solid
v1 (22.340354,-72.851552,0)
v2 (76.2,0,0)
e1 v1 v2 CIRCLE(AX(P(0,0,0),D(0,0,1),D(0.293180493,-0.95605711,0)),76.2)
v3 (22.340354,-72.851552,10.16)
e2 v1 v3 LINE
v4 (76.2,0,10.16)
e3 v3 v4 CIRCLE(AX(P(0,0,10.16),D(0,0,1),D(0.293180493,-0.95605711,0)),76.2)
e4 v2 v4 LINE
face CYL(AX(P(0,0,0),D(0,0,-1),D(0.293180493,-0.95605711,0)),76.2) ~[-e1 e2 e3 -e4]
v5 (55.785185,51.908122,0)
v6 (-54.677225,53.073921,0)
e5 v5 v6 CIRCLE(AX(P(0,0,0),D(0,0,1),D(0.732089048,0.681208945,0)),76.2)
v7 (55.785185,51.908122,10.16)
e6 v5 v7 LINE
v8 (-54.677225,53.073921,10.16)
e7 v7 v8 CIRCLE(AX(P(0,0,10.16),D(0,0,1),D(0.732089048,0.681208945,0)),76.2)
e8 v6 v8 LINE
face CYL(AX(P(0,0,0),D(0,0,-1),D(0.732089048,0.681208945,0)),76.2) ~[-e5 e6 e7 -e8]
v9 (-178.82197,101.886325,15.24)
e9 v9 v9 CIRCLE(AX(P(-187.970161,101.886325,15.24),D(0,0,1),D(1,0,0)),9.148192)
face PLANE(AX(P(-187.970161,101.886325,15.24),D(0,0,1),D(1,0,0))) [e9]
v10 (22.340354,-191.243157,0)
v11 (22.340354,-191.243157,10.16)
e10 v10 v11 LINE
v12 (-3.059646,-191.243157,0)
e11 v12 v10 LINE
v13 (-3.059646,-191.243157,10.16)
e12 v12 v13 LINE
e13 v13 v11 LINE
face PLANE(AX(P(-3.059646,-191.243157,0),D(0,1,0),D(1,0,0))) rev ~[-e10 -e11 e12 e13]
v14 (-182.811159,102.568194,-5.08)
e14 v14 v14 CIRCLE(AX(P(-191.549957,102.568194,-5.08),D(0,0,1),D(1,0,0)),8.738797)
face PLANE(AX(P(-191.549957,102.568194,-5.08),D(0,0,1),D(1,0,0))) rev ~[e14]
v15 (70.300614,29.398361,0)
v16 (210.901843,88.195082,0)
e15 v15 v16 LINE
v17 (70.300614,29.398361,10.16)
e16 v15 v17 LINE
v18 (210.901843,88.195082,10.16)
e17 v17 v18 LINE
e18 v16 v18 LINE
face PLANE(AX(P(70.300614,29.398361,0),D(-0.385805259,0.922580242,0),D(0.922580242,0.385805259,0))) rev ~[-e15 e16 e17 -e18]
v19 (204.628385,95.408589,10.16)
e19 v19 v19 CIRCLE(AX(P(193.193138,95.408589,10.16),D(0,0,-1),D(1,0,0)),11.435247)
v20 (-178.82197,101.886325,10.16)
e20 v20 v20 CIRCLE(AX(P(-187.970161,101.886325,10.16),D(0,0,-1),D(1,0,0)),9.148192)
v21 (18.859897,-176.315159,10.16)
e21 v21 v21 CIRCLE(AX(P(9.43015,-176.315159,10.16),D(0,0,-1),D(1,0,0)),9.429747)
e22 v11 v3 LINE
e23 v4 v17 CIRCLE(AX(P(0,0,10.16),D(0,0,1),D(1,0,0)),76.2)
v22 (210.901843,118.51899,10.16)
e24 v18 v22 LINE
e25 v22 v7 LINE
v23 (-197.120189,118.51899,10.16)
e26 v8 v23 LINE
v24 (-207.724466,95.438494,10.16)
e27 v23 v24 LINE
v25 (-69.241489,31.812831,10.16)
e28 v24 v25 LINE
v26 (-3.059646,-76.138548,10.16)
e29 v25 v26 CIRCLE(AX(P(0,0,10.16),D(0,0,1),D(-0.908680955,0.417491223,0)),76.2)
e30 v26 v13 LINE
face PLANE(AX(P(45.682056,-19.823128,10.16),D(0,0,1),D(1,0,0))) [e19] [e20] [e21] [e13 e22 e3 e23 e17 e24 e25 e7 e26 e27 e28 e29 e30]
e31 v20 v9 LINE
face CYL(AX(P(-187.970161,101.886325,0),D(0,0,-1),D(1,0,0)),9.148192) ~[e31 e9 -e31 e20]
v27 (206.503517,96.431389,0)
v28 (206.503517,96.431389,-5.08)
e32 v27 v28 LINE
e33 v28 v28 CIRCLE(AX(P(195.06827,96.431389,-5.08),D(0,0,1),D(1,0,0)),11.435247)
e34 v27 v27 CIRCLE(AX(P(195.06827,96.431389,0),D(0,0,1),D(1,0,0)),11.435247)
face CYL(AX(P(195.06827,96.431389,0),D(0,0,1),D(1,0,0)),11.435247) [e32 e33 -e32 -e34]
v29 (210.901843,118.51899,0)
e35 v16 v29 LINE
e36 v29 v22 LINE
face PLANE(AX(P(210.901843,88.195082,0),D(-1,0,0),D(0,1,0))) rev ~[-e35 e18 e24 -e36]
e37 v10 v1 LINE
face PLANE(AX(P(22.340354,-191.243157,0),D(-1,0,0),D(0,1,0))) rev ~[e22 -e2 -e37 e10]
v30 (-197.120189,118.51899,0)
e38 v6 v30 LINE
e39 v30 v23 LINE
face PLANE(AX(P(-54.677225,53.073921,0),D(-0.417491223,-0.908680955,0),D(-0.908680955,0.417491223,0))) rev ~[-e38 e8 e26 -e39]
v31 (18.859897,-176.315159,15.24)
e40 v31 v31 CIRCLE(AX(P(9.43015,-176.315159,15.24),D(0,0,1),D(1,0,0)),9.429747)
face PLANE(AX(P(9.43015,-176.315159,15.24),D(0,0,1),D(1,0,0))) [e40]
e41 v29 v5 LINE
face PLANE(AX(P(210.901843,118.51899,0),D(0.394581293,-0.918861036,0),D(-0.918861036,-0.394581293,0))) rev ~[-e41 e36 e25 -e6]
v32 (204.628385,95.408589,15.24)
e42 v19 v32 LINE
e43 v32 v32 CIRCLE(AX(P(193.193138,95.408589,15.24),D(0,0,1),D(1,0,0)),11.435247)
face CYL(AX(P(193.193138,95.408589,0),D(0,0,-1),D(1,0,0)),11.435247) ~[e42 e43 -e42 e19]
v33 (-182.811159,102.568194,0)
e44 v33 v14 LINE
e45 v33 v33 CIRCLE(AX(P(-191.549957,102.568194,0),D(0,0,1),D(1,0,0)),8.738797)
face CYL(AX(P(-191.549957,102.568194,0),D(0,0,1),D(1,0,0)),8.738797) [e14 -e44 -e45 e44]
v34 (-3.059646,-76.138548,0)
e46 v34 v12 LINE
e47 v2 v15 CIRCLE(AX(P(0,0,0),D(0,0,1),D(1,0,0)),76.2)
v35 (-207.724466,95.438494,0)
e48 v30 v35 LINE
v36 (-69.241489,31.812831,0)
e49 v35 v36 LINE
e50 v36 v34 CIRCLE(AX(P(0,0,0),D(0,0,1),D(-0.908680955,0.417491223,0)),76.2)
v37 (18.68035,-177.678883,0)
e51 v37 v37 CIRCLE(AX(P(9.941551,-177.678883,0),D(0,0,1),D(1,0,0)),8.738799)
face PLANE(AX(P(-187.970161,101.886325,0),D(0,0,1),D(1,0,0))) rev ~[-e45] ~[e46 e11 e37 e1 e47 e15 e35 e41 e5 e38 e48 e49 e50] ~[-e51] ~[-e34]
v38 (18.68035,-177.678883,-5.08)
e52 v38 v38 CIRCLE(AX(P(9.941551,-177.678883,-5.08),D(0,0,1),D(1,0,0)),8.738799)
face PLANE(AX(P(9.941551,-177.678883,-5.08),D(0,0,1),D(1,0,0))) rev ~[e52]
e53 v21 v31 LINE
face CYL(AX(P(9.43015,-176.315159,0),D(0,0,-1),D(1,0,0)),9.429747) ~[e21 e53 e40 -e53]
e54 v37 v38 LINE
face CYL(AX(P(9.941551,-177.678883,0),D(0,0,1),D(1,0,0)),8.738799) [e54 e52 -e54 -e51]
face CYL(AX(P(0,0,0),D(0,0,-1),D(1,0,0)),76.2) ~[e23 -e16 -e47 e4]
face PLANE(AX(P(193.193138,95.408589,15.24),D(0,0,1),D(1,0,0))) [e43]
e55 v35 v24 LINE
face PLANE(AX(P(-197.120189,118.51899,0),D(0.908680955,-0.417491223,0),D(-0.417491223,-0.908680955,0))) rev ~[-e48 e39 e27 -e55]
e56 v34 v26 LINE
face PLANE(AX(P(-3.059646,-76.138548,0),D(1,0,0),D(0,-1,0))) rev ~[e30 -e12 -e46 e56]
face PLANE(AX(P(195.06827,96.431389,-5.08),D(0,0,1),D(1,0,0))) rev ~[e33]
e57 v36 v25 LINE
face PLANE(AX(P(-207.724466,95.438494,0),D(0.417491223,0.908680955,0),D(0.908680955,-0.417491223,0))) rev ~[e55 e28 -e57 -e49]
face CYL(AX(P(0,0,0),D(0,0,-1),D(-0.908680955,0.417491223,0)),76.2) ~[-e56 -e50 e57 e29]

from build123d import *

# Parameters (mm, degrees)
F2_DEPTH = 10.16
F1_R     = 9.1481918334
F1_R_2   = 9.4297469702
F1_R_3   = 11.4352472888
F3_DEPTH = 15.24
F4_R     = 8.7387989597
F4_R_2   = 8.7387973247
F4_R_3   = 11.4352472888
F5_DEPTH = 5.08


with BuildPart() as f2:
    # F0 (on Top) → F2 (new body)
    with BuildSketch(Plane.XY):
        with BuildLine():
            ThreePointArc((22.3403535783, -72.851551816), (61.2730566508, -45.2995864072), (76.2, 0))
            ThreePointArc((76.2, 0), (74.7105977036, 14.9922176738), (70.3006144153, 29.3983607168))
            Line((70.3006144153, 29.3983607168), (22.3403535783, 9.3423048788))
            Line((22.3403535783, 9.3423048788), (22.3403535783, -72.851551816))
        make_face()
        with BuildLine():
            Line((22.3403535783, 9.3423048788), (70.3006144153, 29.3983607168))
            ThreePointArc((70.3006144153, 29.3983607168), (64.0396717964, 41.2960099309), (55.785185421, 51.9081215952))
            Line((55.785185421, 51.9081215952), (21.8996389933, 37.3568432093))
            Line((21.8996389933, 37.3568432093), (22.3403535783, 37.3568432093))
            Line((22.3403535783, 37.3568432093), (22.3403535783, 9.3423048788))
        make_face()
        with BuildLine():
            ThreePointArc((55.785185421, 51.9081215952), (64.0396717964, 41.2960099309), (70.3006144153, 29.3983607168))
            Line((70.3006144153, 29.3983607168), (210.9018432458, 88.1950821504))
            Line((210.9018432458, 88.1950821504), (210.9018432458, 118.5189898936))
            Line((210.9018432458, 118.5189898936), (55.785185421, 51.9081215952))
        make_face()
        with BuildLine():
            Line((22.3403535783, -191.2431567907), (22.3403535783, -72.851551816))
            ThreePointArc((22.3403535783, -72.851551816), (9.7794429224, -75.5698517673), (-3.0596464217, -76.1385484743))
            Line((-3.0596464217, -76.1385484743), (-3.0596464217, -191.2431567907))
            Line((-3.0596464217, -191.2431567907), (22.3403535783, -191.2431567907))
        make_face()
        with BuildLine():
            ThreePointArc((-3.0596464217, -76.1385484743), (9.7794429224, -75.5698517673), (22.3403535783, -72.851551816))
            Line((22.3403535783, -72.851551816), (22.3403535783, 9.3423048788))
            Line((22.3403535783, 9.3423048788), (0, 0))
            Line((0, 0), (-3.0596464217, 1.4057470004))
            Line((-3.0596464217, 1.4057470004), (-3.0596464217, -76.1385484743))
        make_face()
        with BuildLine():
            Line((21.8996389933, 37.3568432093), (55.785185421, 51.9081215952))
            ThreePointArc((55.785185421, 51.9081215952), (0.8041557349, 76.1957566637), (-54.6772246178, 53.0739211675))
            Line((-54.6772246178, 53.0739211675), (-3.0596464217, 29.3583522044))
            Line((-3.0596464217, 29.3583522044), (-3.0596464217, 37.3568432093))
            Line((-3.0596464217, 37.3568432093), (21.8996389933, 37.3568432093))
        make_face()
        with BuildLine():
            ThreePointArc((-69.2414887941, 31.8128312096), (-64.9633637698, -39.8271436047), (-3.0596464217, -76.1385484743))
            Line((-3.0596464217, -76.1385484743), (-3.0596464217, 1.4057470004))
            Line((-3.0596464217, 1.4057470004), (-69.2414887941, 31.8128312096))
        make_face()
        with BuildLine():
            Line((-3.0596464217, 29.3583522044), (-54.6772246178, 53.0739211675))
            ThreePointArc((-54.6772246178, 53.0739211675), (-62.8646989173, 43.0635533837), (-69.2414887941, 31.8128312096))
            Line((-69.2414887941, 31.8128312096), (-3.0596464217, 1.4057470004))
            Line((-3.0596464217, 1.4057470004), (-3.0596464217, 29.3583522044))
        make_face()
        with BuildLine():
            ThreePointArc((-69.2414887941, 31.8128312096), (-62.8646989173, 43.0635533837), (-54.6772246178, 53.0739211675))
            Line((-54.6772246178, 53.0739211675), (-197.1201893125, 118.5189898936))
            Line((-197.1201893125, 118.5189898936), (-207.7244663824, 95.4384936289))
            Line((-207.7244663824, 95.4384936289), (-69.2414887941, 31.8128312096))
        make_face()
        Polygon((0, 0), (22.3403535783, 9.3423048788), (22.3403535783, 37.3568432093), (21.8996389933, 37.3568432093), (0, 27.952605204), (-3.0596464217, 29.3583522044), (-3.0596464217, 1.4057470004), align=None)
        Polygon((0, 27.952605204), (21.8996389933, 37.3568432093), (-3.0596464217, 37.3568432093), (-3.0596464217, 29.3583522044), align=None)
    extrude(amount=F2_DEPTH)

    # F1 (on Top) → F3 (join)
    with BuildSketch(Plane.XY):
        with Locations((-187.970161438, 101.8863245845)):
            Circle(F1_R)
        with Locations((9.4301495701, -176.3151586056)):
            Circle(F1_R_2)
        with Locations((193.1931376457, 95.4085886478)):
            Circle(F1_R_3)
    extrude(amount=F3_DEPTH)

    # F4 (on Top) → F5 (join)
    with BuildSketch(Plane.XY):
        with Locations((9.941550903, -177.6788830757)):
            Circle(F4_R)
        with Locations((-191.5499567986, 102.5681942701)):
            Circle(F4_R_2)
        with Locations((195.068269968, 96.431389451)):
            Circle(F4_R_3)
    extrude(amount=-F5_DEPTH)


solid = f2.part
